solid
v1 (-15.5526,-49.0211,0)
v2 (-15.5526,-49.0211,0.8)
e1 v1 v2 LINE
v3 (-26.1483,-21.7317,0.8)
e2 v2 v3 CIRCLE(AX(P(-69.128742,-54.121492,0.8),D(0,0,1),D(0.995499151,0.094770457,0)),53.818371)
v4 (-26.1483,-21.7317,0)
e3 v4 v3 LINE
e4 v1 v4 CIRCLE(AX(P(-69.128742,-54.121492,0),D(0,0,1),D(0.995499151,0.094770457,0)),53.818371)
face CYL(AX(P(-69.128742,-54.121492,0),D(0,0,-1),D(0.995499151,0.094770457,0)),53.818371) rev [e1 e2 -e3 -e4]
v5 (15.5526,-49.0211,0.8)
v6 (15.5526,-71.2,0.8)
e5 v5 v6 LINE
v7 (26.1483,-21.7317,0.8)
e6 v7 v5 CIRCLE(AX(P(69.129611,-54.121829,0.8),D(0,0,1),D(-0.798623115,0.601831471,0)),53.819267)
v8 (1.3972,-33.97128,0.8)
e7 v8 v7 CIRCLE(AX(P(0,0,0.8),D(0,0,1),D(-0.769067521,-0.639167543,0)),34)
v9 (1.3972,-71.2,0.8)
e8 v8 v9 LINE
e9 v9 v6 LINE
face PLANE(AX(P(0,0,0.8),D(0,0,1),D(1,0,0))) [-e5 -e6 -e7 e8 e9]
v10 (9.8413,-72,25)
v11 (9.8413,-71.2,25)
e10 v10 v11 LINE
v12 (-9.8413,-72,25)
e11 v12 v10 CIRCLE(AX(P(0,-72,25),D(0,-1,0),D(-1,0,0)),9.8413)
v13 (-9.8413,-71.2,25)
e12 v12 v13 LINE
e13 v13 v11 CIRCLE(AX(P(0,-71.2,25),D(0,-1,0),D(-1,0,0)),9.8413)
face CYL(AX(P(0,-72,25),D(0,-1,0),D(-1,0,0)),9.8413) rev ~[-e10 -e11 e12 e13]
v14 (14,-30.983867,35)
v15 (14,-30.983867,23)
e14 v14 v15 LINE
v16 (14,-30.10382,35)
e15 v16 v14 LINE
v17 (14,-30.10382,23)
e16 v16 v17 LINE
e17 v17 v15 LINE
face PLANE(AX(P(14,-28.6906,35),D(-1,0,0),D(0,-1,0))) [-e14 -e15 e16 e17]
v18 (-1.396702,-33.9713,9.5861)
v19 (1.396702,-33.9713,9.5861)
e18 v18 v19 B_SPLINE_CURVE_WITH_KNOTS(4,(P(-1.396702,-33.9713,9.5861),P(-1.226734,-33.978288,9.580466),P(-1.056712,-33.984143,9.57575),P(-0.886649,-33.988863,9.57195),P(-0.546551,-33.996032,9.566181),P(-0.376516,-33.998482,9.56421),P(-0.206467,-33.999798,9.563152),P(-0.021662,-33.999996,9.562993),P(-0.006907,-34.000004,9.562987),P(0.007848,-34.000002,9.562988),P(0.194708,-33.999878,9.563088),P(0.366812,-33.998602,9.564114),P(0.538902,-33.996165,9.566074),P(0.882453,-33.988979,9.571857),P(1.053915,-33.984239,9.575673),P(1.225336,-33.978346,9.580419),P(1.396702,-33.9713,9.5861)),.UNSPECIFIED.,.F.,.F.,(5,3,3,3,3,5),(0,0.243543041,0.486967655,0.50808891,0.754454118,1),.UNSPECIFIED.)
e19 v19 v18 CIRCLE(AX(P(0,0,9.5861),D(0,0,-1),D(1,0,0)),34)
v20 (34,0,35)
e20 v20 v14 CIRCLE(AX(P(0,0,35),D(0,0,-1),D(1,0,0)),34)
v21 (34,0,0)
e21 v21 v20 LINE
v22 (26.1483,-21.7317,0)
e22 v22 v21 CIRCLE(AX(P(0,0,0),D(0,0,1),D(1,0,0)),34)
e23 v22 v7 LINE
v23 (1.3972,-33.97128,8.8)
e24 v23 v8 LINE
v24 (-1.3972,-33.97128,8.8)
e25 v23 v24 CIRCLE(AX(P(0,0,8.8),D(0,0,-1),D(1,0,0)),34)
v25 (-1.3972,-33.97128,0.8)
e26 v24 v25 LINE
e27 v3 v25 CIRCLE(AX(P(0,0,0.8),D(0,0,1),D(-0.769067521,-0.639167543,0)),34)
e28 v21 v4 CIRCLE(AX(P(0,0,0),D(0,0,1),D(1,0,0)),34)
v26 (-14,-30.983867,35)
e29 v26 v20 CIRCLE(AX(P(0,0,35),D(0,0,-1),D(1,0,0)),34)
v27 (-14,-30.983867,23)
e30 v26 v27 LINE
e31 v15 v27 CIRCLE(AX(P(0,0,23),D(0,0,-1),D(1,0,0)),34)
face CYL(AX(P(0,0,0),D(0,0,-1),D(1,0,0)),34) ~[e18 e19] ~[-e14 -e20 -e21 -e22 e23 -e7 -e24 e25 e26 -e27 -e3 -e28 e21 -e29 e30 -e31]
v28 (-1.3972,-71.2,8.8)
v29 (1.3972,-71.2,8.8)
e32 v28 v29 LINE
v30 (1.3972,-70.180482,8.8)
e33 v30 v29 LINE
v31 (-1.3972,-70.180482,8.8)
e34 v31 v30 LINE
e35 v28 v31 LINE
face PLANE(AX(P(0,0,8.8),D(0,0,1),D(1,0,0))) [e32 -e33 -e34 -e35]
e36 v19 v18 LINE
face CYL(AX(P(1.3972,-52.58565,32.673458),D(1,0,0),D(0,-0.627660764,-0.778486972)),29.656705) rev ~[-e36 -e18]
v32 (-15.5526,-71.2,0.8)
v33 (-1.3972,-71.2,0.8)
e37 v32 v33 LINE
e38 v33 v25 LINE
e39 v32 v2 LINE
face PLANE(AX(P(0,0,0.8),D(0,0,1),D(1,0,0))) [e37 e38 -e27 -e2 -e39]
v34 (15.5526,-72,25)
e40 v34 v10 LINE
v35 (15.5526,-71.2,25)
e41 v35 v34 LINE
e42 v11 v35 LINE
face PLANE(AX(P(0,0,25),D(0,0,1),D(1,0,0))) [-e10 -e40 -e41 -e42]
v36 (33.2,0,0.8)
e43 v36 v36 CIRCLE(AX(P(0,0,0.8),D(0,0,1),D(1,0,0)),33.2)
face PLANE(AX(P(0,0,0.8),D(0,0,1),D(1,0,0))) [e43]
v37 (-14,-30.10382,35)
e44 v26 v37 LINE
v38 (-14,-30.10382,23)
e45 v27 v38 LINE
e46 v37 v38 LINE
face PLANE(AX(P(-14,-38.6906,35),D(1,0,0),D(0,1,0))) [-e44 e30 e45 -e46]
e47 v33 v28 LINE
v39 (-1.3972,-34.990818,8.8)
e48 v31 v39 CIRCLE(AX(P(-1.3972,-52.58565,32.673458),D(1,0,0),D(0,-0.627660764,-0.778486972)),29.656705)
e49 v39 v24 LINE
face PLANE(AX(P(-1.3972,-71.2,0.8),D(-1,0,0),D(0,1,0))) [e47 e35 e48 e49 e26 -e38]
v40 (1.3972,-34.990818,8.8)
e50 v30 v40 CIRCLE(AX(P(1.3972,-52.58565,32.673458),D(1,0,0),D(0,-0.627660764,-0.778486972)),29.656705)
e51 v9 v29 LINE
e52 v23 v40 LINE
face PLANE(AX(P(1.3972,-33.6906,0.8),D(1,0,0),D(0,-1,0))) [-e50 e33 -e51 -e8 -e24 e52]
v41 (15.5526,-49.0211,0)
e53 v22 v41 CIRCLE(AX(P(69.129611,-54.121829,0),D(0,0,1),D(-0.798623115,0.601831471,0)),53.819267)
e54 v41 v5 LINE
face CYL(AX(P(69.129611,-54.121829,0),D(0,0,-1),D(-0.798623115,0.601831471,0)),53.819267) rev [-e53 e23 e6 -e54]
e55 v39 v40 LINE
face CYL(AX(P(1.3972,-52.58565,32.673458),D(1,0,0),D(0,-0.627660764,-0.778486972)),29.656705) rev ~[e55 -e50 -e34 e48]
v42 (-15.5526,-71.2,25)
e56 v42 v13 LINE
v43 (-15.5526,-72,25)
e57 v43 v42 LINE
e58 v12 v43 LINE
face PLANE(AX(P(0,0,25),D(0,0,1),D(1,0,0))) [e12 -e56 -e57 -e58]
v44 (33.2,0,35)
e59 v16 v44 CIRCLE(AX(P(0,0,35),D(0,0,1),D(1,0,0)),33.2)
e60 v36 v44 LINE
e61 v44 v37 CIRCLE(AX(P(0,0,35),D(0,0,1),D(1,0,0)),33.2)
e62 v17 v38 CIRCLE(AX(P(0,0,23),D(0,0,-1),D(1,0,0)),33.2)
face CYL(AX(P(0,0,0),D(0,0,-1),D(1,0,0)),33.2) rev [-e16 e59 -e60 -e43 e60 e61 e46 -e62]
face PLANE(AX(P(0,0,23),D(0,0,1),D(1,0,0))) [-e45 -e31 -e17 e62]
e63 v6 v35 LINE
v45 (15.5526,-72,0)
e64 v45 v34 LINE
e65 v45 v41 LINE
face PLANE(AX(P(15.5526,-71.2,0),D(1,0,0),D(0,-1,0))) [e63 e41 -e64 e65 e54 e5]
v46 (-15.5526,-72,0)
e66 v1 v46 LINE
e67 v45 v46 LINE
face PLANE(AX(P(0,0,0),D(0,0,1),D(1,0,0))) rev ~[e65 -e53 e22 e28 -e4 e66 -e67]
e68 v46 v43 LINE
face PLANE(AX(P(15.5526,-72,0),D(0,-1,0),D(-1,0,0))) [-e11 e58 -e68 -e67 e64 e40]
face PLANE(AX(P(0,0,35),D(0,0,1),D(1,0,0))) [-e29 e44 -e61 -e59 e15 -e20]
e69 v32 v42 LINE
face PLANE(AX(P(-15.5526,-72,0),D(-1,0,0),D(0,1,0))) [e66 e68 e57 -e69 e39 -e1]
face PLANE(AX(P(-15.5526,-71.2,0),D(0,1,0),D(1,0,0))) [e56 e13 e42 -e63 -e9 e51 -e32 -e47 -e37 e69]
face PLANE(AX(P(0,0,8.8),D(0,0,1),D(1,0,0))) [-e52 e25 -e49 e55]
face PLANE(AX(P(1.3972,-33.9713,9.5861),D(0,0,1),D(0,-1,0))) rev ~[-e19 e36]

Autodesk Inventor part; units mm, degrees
ref_plane "YZ Plane" through (0, 0, 0) normal (1, 0, 0) x (0, 1, 0)
ref_plane "XZ Plane" through (0, 0, 0) normal (0, 1, 0) x (-1, 0, 0)
ref_plane "XY Plane" through (0, 0, 0) normal (0, 0, 1) x (1, 0, 0)
sketch "Sketch1" plane through (0, 0, 0) normal (0, 0, 1) x (1, 0, 0)
  circle A0 centre (0, 0) radius 34
  line L0 (15.5526, -72) -> (-15.5526, -72)
  line L1 (-15.5526, -72) -> (-15.5526, -49.0211)
  line L2 (-15.5526, -26.0423) -> (15.5526, -72) construction
  line L3 (15.5526, -26.0423) -> (-15.5526, -72) construction
  line L4 (-10.1666, -34) -> (10.1666, -34)
  arc A1 (-15.5526, -49.0211) -> (-26.1483, -21.7317) centre (-69.1292, -54.1216) ccw
  arc A2 (26.1483, -21.7317) -> (15.5526, -49.0211) centre (69.1292, -54.1216) ccw
  line L5 (15.5526, -49.0211) -> (15.5526, -72)
  circle A3 centre (0, 0) radius 33.2
  line L6 (-15.5526, -71.2) -> (15.5526, -71.2)
  point P0 (0, -49.0211)
  point P1 (26.1483, -21.7317)
  dimension "d0" = 68
  dimension "d1" = 38
  dimension "d2" = 0.8
  dimension "d3" = 0.8
extrude "Extrusion1" add sketch "Sketch1" along normal blind 0.8 contours A0 A2 L5 L6 L1 A1 | A3
extrude "Extrusion2" add sketch "Sketch1" along normal blind 25 contours L6 L5 L0 L1
extrude "Extrusion3" add sketch "Sketch1" along normal blind 35 contours A0
sketch "Sketch2" plane through (-15.5526, -72, 0) normal (0, -1, 0) x (1, 0, 0)
  line L0 (31.1053, 25) -> (0, 25) projected
  arc A0 (5.7113, 25) -> (25.3939, 25) centre (15.5526, 25) ccw
  line L1 (5.7113, 25) -> (25.3939, 25)
  point P0 (15.5526, 0)
extrude "Extrusion4" cut sketch "Sketch2" against normal blind 2
sketch "Sketch3" plane through (0, 0, 0.8) normal (0, 0, 1) x (1, 0, 0)
  line L0 (-9.8413, -71.2) -> (9.8413, -71.2) projected
  line L1 (-1.3972, -33.6906) -> (1.3972, -33.6906)
  line L2 (1.3972, -33.6906) -> (1.3972, -71.2)
  line L3 (1.3972, -71.2) -> (-1.3972, -71.2)
  line L4 (-1.3972, -71.2) -> (-1.3972, -33.6906)
  line L5 (-1.3972, -33.6906) -> (1.3972, -71.2) construction
  line L6 (1.3972, -33.6906) -> (-1.3972, -71.2) construction
  point P0 (0, 0)
  point P1 (0, -52.4453)
extrude "Extrusion5" add sketch "Sketch3" along normal blind 8
sketch "Sketch4" plane through (1.3972, -71.2, 0.8) normal (1, 0, 0) x (0, 0, -1)
  point P0 (0.8, 71.2)
sketch "Sketch5" plane through (1.3972, -71.2, 0.8) normal (1, 0, 0) x (0, 0, -1)
  line L0 (-12.1, 0) -> (-14.4584, 0)
  arc A0 (-8.7861, 0) -> (-8.7861, 37.2287) centre (-31.8736, 18.6144) ccw
  line L1 (-8.7861, 37.374) -> (-8.7861, 37.374)
  line L2 (-8, 37.2287) -> (0, 37.2287) projected
  line L3 (-8.7861, 37.374) -> (-8.7861, 0)
  point P0 (0.8, 71.2)
  point P1 (-25, 0)
  point P2 (-24.2, 37.2287)
extrude "Extrusion6" cut sketch "Sketch5" against normal up to surface (2.7945 mm away)
sketch "Sketch7" plane through (0, 0, 35) normal (0, 0, 1) x (1, 0, 0)
  line L0 (-14, -28.6906) -> (14, -28.6906)
  line L1 (14, -28.6906) -> (14, -38.6906)
  line L2 (14, -38.6906) -> (-14, -38.6906)
  line L3 (-14, -38.6906) -> (-14, -28.6906)
  line L4 (-1.3972, -33.6906) -> (1.3972, -33.6906) projected
  line L5 (-14, -28.6906) -> (14, -38.6906) construction
  line L6 (14, -28.6906) -> (-14, -38.6906) construction
  point P0 (0, 0)
  point P1 (0, -33.6906)
  dimension "d23" = 28
  dimension "d24" = 10
extrude "Extrusion8" cut sketch "Sketch7" against normal blind 12
properties part number "my_portafilter_holder"
